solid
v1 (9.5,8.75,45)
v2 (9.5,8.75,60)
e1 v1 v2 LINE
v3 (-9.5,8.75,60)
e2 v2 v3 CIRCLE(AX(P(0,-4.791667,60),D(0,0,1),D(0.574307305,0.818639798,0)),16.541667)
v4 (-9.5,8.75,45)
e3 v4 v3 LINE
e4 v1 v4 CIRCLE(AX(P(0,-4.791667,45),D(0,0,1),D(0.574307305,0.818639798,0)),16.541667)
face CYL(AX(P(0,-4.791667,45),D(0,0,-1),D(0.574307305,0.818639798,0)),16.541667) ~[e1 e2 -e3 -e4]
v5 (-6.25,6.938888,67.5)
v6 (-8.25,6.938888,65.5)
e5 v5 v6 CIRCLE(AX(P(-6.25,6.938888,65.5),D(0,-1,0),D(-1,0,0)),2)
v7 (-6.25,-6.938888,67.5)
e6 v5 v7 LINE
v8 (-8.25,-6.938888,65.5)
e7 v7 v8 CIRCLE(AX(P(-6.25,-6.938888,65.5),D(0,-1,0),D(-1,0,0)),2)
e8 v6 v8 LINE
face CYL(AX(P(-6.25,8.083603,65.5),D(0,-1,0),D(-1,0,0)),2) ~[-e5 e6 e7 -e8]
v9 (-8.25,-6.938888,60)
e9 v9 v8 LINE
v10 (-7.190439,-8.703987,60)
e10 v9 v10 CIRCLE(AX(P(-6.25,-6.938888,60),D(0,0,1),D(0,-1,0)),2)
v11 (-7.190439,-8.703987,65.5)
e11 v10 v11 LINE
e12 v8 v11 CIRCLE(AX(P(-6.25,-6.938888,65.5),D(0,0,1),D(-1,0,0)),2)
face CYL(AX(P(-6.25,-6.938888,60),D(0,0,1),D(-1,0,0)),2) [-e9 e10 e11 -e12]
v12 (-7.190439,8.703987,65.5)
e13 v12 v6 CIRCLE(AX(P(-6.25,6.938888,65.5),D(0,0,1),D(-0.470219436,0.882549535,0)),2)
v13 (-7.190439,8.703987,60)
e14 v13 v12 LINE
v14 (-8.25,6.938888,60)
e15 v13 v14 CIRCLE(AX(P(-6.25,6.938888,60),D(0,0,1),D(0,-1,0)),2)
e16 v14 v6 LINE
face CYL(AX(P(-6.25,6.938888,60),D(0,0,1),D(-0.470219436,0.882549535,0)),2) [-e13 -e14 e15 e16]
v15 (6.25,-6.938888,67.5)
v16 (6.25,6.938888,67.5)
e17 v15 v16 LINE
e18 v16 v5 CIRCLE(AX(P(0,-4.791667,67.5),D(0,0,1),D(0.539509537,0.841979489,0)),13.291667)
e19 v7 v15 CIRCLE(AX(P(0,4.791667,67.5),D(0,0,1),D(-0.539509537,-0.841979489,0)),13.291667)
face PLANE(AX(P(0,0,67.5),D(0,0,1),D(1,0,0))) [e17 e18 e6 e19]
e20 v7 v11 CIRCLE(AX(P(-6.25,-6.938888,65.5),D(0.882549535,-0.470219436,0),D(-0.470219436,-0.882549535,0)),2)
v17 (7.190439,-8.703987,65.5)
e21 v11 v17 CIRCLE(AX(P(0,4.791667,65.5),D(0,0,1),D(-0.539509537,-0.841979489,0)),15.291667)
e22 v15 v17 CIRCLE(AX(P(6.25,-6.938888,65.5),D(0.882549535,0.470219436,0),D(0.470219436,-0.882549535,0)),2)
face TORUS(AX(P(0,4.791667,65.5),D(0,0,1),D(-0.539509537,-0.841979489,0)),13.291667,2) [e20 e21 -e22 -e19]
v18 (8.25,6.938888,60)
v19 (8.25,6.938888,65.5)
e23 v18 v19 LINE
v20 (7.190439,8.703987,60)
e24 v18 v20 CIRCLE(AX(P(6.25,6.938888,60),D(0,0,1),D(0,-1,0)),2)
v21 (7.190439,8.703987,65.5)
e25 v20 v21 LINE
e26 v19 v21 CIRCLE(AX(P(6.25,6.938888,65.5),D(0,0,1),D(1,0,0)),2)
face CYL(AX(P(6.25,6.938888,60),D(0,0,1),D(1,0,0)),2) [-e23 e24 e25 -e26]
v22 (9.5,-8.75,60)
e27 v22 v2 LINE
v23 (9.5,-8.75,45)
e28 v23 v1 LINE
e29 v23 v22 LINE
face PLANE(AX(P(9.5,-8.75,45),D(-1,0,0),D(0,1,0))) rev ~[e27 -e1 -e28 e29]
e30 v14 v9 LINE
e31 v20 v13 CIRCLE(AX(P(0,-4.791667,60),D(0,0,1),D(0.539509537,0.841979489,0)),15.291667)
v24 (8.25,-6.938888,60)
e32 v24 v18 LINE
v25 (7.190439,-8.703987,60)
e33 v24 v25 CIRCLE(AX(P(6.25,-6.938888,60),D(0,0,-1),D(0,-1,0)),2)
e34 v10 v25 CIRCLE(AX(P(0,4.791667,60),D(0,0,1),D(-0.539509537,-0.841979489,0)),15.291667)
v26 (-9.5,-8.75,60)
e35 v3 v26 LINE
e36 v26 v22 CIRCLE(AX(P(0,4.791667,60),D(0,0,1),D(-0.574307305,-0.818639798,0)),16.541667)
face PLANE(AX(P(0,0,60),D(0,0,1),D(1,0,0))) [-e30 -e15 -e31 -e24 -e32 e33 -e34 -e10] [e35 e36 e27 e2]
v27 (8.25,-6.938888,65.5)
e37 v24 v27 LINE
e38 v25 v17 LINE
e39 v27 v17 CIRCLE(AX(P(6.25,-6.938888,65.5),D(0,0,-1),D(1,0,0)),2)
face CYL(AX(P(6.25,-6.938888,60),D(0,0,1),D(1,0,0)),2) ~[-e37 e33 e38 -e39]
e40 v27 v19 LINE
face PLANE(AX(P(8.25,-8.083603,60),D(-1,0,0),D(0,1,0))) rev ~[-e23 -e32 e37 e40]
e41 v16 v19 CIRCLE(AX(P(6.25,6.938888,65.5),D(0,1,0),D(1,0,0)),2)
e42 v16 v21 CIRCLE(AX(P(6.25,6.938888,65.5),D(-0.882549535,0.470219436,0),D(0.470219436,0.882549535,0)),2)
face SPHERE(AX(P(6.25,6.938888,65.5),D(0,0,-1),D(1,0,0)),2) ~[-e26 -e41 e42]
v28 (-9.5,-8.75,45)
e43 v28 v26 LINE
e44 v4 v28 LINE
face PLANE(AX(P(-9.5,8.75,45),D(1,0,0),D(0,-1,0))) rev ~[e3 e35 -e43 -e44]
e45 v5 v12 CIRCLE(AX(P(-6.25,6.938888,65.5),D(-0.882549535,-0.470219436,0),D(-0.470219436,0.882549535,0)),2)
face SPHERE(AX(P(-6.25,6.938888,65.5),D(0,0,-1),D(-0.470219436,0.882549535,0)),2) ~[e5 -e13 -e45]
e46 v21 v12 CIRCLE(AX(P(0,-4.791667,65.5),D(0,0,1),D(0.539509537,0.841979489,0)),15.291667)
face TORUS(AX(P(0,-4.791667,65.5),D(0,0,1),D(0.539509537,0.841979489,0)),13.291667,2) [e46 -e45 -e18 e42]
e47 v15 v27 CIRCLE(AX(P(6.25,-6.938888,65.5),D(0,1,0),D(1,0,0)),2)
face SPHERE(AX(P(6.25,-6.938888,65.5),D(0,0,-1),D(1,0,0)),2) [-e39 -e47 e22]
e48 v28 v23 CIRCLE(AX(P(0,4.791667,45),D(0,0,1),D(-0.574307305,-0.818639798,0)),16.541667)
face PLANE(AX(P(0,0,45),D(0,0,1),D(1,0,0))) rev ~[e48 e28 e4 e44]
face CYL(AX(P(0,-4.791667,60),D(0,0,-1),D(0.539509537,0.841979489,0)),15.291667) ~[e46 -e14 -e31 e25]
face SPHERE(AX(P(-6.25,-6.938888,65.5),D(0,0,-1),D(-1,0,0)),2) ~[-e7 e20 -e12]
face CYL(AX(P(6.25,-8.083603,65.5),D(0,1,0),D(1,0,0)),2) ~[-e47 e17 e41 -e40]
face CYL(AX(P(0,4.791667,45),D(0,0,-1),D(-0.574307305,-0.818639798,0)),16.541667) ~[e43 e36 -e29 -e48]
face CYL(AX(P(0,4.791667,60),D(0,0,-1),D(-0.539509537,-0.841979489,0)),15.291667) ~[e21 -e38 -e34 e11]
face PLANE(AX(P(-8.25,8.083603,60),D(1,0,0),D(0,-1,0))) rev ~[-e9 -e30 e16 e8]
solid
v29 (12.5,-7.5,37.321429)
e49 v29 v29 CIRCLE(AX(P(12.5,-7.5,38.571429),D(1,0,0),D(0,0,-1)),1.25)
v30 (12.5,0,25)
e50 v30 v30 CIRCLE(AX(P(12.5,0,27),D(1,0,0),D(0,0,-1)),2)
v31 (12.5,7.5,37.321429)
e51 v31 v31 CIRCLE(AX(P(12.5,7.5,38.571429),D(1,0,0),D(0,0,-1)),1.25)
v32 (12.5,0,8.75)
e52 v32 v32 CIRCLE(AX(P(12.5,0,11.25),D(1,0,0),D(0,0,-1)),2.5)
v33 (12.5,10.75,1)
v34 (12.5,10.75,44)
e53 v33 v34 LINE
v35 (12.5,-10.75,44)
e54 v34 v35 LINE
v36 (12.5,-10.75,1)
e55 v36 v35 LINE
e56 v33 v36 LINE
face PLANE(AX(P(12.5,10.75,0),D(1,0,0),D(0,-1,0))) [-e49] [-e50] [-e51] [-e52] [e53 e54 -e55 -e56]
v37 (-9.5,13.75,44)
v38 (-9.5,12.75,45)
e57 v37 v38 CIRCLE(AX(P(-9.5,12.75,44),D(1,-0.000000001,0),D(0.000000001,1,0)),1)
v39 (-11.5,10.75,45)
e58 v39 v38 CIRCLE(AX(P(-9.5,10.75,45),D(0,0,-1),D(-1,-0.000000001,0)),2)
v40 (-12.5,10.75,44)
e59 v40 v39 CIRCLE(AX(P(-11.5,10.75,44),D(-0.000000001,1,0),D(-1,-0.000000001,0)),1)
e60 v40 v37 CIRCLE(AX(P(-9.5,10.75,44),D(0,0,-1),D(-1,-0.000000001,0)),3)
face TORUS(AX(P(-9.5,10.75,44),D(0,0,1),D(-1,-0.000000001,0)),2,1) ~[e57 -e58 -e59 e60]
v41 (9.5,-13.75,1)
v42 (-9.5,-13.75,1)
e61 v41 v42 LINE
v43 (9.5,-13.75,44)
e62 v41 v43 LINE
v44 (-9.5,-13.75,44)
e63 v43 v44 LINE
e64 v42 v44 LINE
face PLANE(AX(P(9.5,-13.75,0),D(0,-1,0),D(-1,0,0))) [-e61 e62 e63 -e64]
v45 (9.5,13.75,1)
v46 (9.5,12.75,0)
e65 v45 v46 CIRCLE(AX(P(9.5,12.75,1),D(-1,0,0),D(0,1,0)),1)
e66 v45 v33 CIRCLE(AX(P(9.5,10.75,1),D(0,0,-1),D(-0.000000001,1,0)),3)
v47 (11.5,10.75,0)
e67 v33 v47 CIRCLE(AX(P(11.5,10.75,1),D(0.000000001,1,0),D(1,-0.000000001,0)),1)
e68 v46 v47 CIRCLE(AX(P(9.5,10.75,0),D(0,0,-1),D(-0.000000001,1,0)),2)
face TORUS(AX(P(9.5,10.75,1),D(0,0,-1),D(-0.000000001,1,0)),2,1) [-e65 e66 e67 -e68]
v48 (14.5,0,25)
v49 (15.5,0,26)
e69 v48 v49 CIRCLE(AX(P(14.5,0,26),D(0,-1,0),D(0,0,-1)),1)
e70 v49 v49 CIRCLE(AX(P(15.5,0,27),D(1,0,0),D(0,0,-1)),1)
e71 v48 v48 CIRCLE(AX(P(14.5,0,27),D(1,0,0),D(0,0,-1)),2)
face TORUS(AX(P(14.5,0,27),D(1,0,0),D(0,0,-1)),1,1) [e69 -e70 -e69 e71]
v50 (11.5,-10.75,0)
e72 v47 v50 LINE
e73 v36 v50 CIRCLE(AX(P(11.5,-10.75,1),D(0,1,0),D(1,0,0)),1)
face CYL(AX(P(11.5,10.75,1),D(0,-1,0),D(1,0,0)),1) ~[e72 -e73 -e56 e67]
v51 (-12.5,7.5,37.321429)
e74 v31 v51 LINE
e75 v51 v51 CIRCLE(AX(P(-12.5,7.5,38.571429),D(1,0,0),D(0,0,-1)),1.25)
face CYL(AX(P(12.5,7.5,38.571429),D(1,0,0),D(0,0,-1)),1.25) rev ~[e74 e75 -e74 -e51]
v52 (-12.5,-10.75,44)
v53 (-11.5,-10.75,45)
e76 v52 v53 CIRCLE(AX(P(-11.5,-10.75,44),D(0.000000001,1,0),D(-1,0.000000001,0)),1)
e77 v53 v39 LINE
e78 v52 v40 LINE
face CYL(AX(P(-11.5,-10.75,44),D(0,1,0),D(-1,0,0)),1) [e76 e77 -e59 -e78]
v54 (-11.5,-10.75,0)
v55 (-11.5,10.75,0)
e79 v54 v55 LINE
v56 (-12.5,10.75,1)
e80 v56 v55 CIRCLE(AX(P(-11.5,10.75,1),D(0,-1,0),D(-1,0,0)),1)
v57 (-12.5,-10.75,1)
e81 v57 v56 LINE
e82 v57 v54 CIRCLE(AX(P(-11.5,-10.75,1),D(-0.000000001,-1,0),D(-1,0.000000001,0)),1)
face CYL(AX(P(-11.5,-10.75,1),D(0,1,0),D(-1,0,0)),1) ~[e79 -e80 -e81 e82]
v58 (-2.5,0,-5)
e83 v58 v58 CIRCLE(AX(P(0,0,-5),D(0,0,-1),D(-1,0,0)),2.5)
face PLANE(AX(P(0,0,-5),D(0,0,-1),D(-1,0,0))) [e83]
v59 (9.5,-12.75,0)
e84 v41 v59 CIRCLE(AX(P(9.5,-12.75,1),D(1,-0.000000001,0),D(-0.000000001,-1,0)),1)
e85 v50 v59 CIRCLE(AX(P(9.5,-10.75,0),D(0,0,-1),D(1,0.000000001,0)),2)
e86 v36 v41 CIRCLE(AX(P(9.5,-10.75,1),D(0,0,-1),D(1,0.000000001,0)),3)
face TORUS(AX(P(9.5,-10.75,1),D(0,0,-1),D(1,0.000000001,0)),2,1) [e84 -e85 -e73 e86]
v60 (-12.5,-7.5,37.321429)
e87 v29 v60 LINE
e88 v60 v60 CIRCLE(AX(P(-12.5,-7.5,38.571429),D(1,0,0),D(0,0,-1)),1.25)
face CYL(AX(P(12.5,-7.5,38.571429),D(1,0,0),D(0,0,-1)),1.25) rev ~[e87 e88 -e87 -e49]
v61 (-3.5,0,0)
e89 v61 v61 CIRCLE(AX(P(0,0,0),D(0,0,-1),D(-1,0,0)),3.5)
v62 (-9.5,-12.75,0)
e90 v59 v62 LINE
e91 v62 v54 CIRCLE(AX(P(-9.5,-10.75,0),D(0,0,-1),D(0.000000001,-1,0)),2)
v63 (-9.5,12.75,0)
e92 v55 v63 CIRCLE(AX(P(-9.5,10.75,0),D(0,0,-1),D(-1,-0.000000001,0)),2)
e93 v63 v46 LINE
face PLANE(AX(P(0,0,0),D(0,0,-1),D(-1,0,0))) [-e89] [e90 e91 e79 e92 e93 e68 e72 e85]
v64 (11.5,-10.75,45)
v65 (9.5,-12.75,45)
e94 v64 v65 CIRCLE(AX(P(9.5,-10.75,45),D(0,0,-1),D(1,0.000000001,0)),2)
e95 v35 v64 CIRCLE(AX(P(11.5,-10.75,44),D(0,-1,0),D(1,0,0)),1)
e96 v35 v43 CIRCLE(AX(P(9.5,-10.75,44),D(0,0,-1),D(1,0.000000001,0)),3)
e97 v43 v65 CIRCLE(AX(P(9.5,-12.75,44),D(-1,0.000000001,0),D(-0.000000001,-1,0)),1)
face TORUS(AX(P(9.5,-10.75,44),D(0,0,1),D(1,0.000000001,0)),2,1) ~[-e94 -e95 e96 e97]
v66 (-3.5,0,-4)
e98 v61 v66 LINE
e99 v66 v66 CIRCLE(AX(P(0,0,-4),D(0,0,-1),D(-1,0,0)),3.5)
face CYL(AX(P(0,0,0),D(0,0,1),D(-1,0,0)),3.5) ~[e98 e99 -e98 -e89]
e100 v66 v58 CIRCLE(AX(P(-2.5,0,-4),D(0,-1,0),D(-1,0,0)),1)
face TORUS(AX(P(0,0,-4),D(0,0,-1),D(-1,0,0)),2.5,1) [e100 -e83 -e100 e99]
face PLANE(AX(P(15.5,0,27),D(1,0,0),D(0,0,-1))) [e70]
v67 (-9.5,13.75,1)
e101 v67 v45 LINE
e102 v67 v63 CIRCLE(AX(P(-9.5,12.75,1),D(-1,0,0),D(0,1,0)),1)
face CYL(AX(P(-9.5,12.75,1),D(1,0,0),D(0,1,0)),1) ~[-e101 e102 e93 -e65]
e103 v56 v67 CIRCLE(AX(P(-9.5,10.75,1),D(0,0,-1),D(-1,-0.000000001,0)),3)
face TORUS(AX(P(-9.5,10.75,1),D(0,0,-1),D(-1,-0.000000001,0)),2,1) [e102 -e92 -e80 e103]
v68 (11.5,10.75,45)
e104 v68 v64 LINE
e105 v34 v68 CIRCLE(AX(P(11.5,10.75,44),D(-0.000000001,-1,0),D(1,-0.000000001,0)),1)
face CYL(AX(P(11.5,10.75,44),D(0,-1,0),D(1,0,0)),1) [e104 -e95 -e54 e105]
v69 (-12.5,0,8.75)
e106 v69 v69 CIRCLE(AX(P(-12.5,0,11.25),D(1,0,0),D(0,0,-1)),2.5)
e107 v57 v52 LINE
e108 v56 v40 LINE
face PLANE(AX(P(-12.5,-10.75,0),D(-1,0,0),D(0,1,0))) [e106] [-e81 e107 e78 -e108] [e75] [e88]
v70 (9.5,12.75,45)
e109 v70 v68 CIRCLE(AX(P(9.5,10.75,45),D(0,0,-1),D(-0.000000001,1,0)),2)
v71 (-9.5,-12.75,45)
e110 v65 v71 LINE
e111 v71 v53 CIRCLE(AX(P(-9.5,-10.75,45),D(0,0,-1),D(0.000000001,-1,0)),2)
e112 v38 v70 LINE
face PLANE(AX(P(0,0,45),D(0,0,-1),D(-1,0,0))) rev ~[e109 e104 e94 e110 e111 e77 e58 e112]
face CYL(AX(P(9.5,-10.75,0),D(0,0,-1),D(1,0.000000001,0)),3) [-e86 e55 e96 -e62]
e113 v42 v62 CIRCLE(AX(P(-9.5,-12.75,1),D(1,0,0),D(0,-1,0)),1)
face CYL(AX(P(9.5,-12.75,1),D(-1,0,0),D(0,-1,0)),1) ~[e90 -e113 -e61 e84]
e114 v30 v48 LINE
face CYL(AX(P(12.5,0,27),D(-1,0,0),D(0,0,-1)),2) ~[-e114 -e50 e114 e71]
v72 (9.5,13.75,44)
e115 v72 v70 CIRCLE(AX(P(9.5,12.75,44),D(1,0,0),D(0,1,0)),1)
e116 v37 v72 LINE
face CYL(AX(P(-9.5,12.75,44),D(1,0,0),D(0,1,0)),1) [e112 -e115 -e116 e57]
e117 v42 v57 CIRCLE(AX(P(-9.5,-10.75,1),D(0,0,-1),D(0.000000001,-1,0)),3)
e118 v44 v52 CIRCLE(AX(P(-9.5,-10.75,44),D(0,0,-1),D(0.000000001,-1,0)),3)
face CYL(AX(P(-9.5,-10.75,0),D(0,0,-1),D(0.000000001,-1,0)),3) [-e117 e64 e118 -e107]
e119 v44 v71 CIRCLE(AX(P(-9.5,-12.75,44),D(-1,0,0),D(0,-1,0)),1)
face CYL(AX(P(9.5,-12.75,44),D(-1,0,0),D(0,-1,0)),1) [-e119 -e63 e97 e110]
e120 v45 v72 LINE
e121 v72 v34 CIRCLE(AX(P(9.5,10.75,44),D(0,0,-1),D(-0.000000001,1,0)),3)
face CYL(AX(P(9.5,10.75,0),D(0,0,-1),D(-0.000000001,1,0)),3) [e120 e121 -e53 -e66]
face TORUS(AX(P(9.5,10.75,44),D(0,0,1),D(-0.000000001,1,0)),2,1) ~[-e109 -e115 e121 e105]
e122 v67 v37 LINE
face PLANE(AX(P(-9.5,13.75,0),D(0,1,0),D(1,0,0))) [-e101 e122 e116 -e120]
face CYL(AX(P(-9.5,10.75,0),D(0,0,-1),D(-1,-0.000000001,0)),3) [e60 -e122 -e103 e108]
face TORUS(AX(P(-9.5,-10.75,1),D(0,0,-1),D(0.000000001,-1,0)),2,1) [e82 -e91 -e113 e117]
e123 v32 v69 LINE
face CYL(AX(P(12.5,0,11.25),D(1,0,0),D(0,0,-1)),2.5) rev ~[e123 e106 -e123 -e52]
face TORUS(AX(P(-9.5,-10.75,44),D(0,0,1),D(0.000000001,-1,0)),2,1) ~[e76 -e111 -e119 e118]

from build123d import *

# Parameters (mm, degrees)
MOTORBODY1_DEPTH            = 45
MOTORBODY2_DEPTH            = 15
SIDE_ENGRAVEMENT_SKETCH_R   = 1.25
SIDE_ENGRAVEMENT_SKETCH_R_2 = 2.5
CUT_EXTRUDE1_DEPTH          = 26
SIDE_ENGRAVEMENT_SKETCH_3_R = 2
BOSS_EXTRUDE3_DEPTH         = 3
SKETCH4_R                   = 3.5
BOSS_EXTRUDE5_DEPTH         = 5
FILLET1_R                   = 1
BOSS_EXTRUDE6_DEPTH         = 7.5
FILLET3_R                   = 2


with BuildPart() as part:
    # MotorMainSketch → MotorBody1 (new body)
    with BuildSketch(Plane.XY):
        with BuildLine():
            Line((-9.5, 13.75), (9.5, 13.75))
            ThreePointArc((9.5, 13.75), (11.621320344, 12.871320344), (12.5, 10.75))
            Line((12.5, 10.75), (12.5, -10.75))
            ThreePointArc((12.5, -10.75), (11.621320344, -12.871320344), (9.5, -13.75))
            Line((9.5, -13.75), (-9.5, -13.75))
            ThreePointArc((-9.5, -13.75), (-11.621320344, -12.871320344), (-12.5, -10.75))
            Line((-12.5, -10.75), (-12.5, 10.75))
            ThreePointArc((-12.5, 10.75), (-11.621320344, 12.871320344), (-9.5, 13.75))
        make_face()
    extrude(amount=MOTORBODY1_DEPTH)

    # side engravement sketch → Cut-Extrude1 (cut, through all)
    with BuildSketch(Plane(origin=(12.5, 0, 0), x_dir=(0, 0, -1), z_dir=(1, 0, 0))):
        with Locations((-38.571428571, 7.5)):
            Circle(SIDE_ENGRAVEMENT_SKETCH_R)
        with Locations((-38.571428571, -7.5)):
            Circle(SIDE_ENGRAVEMENT_SKETCH_R)
        with Locations((-11.25, 0)):
            Circle(SIDE_ENGRAVEMENT_SKETCH_R_2)
    extrude(amount=-CUT_EXTRUDE1_DEPTH, mode=Mode.SUBTRACT)

    # side engravement sketch_3 → Boss-Extrude3 (add)
    with BuildSketch(Plane(origin=(12.5, 0, 0), x_dir=(0, 0, -1), z_dir=(1, 0, 0))):
        with Locations((-27, 0)):
            Circle(SIDE_ENGRAVEMENT_SKETCH_3_R)
    extrude(amount=BOSS_EXTRUDE3_DEPTH)

    # Sketch4 → Boss-Extrude5 (add)
    with BuildSketch(Plane(origin=(0, 0, 0), x_dir=(-1, 0, 0), z_dir=(0, 0, -1))):
        Circle(SKETCH4_R)
    extrude(amount=BOSS_EXTRUDE5_DEPTH)

    # Fillet1
    fillet1_edges = [part.edges().sort_by_distance(p)[0] for p in [
        (-11.621320344, 12.871320344, 45),
        (0, 13.75, 0),
        (11.621320344, 12.871320344, 0),
        (-12.5, 0, 45),
        (-11.621320344, -12.871320344, 45),
        (0, -13.75, 45),
        (11.621320344, -12.871320344, 45),
        (12.5, 0, 45),
        (15.5, 0, 29),
        (11.621320344, 12.871320344, 45),
        (3.5, 0, -5),
        (0, 13.75, 45),
        (12.5, 0, 0),
        (11.621320344, -12.871320344, 0),
        (0, -13.75, 0),
        (-11.621320344, -12.871320344, 0),
        (-12.5, 0, 0),
        (-11.621320344, 12.871320344, 0),
    ]]
    fillet(fillet1_edges, radius=FILLET1_R)


with BuildPart() as body_2:
    # Motorsketch → MotorBody2 (new body)
    with BuildSketch(Plane.XY.offset(45)):
        with BuildLine():
            Line((-9.5, 8.75), (-9.5, -8.75))
            ThreePointArc((-9.5, -8.75), (0, -11.75), (9.5, -8.75))
            Line((9.5, -8.75), (9.5, 8.75))
            ThreePointArc((9.5, 8.75), (0, 11.75), (-9.5, 8.75))
        make_face()
    extrude(amount=MOTORBODY2_DEPTH)

    # Sketch5 → Boss-Extrude6 (add)
    with BuildSketch(Plane.XY.offset(60)):
        with BuildLine():
            Line((8.25, -8.083603018), (8.25, 8.083603018))
            ThreePointArc((8.25, 8.083603018), (0, 10.5), (-8.25, 8.083603018))
            Line((-8.25, 8.083603018), (-8.25, -8.083603018))
            ThreePointArc((-8.25, -8.083603018), (0, -10.5), (8.25, -8.083603018))
        make_face()
    extrude(amount=BOSS_EXTRUDE6_DEPTH)

    # Fillet3
    fillet3_edges = [body_2.edges().sort_by_distance(p)[0] for p in [
        (8.25, -8.083603018, 63.75),
        (8.25, 8.083603018, 63.75),
        (-8.25, 8.083603018, 63.75),
        (-8.25, -8.083603018, 63.75),
        (8.25, 0, 67.5),
        (0, 10.5, 67.5),
        (-8.25, 0, 67.5),
        (0, -10.5, 67.5),
    ]]
    fillet(fillet3_edges, radius=FILLET3_R)


solid = Compound([part.part, body_2.part])
